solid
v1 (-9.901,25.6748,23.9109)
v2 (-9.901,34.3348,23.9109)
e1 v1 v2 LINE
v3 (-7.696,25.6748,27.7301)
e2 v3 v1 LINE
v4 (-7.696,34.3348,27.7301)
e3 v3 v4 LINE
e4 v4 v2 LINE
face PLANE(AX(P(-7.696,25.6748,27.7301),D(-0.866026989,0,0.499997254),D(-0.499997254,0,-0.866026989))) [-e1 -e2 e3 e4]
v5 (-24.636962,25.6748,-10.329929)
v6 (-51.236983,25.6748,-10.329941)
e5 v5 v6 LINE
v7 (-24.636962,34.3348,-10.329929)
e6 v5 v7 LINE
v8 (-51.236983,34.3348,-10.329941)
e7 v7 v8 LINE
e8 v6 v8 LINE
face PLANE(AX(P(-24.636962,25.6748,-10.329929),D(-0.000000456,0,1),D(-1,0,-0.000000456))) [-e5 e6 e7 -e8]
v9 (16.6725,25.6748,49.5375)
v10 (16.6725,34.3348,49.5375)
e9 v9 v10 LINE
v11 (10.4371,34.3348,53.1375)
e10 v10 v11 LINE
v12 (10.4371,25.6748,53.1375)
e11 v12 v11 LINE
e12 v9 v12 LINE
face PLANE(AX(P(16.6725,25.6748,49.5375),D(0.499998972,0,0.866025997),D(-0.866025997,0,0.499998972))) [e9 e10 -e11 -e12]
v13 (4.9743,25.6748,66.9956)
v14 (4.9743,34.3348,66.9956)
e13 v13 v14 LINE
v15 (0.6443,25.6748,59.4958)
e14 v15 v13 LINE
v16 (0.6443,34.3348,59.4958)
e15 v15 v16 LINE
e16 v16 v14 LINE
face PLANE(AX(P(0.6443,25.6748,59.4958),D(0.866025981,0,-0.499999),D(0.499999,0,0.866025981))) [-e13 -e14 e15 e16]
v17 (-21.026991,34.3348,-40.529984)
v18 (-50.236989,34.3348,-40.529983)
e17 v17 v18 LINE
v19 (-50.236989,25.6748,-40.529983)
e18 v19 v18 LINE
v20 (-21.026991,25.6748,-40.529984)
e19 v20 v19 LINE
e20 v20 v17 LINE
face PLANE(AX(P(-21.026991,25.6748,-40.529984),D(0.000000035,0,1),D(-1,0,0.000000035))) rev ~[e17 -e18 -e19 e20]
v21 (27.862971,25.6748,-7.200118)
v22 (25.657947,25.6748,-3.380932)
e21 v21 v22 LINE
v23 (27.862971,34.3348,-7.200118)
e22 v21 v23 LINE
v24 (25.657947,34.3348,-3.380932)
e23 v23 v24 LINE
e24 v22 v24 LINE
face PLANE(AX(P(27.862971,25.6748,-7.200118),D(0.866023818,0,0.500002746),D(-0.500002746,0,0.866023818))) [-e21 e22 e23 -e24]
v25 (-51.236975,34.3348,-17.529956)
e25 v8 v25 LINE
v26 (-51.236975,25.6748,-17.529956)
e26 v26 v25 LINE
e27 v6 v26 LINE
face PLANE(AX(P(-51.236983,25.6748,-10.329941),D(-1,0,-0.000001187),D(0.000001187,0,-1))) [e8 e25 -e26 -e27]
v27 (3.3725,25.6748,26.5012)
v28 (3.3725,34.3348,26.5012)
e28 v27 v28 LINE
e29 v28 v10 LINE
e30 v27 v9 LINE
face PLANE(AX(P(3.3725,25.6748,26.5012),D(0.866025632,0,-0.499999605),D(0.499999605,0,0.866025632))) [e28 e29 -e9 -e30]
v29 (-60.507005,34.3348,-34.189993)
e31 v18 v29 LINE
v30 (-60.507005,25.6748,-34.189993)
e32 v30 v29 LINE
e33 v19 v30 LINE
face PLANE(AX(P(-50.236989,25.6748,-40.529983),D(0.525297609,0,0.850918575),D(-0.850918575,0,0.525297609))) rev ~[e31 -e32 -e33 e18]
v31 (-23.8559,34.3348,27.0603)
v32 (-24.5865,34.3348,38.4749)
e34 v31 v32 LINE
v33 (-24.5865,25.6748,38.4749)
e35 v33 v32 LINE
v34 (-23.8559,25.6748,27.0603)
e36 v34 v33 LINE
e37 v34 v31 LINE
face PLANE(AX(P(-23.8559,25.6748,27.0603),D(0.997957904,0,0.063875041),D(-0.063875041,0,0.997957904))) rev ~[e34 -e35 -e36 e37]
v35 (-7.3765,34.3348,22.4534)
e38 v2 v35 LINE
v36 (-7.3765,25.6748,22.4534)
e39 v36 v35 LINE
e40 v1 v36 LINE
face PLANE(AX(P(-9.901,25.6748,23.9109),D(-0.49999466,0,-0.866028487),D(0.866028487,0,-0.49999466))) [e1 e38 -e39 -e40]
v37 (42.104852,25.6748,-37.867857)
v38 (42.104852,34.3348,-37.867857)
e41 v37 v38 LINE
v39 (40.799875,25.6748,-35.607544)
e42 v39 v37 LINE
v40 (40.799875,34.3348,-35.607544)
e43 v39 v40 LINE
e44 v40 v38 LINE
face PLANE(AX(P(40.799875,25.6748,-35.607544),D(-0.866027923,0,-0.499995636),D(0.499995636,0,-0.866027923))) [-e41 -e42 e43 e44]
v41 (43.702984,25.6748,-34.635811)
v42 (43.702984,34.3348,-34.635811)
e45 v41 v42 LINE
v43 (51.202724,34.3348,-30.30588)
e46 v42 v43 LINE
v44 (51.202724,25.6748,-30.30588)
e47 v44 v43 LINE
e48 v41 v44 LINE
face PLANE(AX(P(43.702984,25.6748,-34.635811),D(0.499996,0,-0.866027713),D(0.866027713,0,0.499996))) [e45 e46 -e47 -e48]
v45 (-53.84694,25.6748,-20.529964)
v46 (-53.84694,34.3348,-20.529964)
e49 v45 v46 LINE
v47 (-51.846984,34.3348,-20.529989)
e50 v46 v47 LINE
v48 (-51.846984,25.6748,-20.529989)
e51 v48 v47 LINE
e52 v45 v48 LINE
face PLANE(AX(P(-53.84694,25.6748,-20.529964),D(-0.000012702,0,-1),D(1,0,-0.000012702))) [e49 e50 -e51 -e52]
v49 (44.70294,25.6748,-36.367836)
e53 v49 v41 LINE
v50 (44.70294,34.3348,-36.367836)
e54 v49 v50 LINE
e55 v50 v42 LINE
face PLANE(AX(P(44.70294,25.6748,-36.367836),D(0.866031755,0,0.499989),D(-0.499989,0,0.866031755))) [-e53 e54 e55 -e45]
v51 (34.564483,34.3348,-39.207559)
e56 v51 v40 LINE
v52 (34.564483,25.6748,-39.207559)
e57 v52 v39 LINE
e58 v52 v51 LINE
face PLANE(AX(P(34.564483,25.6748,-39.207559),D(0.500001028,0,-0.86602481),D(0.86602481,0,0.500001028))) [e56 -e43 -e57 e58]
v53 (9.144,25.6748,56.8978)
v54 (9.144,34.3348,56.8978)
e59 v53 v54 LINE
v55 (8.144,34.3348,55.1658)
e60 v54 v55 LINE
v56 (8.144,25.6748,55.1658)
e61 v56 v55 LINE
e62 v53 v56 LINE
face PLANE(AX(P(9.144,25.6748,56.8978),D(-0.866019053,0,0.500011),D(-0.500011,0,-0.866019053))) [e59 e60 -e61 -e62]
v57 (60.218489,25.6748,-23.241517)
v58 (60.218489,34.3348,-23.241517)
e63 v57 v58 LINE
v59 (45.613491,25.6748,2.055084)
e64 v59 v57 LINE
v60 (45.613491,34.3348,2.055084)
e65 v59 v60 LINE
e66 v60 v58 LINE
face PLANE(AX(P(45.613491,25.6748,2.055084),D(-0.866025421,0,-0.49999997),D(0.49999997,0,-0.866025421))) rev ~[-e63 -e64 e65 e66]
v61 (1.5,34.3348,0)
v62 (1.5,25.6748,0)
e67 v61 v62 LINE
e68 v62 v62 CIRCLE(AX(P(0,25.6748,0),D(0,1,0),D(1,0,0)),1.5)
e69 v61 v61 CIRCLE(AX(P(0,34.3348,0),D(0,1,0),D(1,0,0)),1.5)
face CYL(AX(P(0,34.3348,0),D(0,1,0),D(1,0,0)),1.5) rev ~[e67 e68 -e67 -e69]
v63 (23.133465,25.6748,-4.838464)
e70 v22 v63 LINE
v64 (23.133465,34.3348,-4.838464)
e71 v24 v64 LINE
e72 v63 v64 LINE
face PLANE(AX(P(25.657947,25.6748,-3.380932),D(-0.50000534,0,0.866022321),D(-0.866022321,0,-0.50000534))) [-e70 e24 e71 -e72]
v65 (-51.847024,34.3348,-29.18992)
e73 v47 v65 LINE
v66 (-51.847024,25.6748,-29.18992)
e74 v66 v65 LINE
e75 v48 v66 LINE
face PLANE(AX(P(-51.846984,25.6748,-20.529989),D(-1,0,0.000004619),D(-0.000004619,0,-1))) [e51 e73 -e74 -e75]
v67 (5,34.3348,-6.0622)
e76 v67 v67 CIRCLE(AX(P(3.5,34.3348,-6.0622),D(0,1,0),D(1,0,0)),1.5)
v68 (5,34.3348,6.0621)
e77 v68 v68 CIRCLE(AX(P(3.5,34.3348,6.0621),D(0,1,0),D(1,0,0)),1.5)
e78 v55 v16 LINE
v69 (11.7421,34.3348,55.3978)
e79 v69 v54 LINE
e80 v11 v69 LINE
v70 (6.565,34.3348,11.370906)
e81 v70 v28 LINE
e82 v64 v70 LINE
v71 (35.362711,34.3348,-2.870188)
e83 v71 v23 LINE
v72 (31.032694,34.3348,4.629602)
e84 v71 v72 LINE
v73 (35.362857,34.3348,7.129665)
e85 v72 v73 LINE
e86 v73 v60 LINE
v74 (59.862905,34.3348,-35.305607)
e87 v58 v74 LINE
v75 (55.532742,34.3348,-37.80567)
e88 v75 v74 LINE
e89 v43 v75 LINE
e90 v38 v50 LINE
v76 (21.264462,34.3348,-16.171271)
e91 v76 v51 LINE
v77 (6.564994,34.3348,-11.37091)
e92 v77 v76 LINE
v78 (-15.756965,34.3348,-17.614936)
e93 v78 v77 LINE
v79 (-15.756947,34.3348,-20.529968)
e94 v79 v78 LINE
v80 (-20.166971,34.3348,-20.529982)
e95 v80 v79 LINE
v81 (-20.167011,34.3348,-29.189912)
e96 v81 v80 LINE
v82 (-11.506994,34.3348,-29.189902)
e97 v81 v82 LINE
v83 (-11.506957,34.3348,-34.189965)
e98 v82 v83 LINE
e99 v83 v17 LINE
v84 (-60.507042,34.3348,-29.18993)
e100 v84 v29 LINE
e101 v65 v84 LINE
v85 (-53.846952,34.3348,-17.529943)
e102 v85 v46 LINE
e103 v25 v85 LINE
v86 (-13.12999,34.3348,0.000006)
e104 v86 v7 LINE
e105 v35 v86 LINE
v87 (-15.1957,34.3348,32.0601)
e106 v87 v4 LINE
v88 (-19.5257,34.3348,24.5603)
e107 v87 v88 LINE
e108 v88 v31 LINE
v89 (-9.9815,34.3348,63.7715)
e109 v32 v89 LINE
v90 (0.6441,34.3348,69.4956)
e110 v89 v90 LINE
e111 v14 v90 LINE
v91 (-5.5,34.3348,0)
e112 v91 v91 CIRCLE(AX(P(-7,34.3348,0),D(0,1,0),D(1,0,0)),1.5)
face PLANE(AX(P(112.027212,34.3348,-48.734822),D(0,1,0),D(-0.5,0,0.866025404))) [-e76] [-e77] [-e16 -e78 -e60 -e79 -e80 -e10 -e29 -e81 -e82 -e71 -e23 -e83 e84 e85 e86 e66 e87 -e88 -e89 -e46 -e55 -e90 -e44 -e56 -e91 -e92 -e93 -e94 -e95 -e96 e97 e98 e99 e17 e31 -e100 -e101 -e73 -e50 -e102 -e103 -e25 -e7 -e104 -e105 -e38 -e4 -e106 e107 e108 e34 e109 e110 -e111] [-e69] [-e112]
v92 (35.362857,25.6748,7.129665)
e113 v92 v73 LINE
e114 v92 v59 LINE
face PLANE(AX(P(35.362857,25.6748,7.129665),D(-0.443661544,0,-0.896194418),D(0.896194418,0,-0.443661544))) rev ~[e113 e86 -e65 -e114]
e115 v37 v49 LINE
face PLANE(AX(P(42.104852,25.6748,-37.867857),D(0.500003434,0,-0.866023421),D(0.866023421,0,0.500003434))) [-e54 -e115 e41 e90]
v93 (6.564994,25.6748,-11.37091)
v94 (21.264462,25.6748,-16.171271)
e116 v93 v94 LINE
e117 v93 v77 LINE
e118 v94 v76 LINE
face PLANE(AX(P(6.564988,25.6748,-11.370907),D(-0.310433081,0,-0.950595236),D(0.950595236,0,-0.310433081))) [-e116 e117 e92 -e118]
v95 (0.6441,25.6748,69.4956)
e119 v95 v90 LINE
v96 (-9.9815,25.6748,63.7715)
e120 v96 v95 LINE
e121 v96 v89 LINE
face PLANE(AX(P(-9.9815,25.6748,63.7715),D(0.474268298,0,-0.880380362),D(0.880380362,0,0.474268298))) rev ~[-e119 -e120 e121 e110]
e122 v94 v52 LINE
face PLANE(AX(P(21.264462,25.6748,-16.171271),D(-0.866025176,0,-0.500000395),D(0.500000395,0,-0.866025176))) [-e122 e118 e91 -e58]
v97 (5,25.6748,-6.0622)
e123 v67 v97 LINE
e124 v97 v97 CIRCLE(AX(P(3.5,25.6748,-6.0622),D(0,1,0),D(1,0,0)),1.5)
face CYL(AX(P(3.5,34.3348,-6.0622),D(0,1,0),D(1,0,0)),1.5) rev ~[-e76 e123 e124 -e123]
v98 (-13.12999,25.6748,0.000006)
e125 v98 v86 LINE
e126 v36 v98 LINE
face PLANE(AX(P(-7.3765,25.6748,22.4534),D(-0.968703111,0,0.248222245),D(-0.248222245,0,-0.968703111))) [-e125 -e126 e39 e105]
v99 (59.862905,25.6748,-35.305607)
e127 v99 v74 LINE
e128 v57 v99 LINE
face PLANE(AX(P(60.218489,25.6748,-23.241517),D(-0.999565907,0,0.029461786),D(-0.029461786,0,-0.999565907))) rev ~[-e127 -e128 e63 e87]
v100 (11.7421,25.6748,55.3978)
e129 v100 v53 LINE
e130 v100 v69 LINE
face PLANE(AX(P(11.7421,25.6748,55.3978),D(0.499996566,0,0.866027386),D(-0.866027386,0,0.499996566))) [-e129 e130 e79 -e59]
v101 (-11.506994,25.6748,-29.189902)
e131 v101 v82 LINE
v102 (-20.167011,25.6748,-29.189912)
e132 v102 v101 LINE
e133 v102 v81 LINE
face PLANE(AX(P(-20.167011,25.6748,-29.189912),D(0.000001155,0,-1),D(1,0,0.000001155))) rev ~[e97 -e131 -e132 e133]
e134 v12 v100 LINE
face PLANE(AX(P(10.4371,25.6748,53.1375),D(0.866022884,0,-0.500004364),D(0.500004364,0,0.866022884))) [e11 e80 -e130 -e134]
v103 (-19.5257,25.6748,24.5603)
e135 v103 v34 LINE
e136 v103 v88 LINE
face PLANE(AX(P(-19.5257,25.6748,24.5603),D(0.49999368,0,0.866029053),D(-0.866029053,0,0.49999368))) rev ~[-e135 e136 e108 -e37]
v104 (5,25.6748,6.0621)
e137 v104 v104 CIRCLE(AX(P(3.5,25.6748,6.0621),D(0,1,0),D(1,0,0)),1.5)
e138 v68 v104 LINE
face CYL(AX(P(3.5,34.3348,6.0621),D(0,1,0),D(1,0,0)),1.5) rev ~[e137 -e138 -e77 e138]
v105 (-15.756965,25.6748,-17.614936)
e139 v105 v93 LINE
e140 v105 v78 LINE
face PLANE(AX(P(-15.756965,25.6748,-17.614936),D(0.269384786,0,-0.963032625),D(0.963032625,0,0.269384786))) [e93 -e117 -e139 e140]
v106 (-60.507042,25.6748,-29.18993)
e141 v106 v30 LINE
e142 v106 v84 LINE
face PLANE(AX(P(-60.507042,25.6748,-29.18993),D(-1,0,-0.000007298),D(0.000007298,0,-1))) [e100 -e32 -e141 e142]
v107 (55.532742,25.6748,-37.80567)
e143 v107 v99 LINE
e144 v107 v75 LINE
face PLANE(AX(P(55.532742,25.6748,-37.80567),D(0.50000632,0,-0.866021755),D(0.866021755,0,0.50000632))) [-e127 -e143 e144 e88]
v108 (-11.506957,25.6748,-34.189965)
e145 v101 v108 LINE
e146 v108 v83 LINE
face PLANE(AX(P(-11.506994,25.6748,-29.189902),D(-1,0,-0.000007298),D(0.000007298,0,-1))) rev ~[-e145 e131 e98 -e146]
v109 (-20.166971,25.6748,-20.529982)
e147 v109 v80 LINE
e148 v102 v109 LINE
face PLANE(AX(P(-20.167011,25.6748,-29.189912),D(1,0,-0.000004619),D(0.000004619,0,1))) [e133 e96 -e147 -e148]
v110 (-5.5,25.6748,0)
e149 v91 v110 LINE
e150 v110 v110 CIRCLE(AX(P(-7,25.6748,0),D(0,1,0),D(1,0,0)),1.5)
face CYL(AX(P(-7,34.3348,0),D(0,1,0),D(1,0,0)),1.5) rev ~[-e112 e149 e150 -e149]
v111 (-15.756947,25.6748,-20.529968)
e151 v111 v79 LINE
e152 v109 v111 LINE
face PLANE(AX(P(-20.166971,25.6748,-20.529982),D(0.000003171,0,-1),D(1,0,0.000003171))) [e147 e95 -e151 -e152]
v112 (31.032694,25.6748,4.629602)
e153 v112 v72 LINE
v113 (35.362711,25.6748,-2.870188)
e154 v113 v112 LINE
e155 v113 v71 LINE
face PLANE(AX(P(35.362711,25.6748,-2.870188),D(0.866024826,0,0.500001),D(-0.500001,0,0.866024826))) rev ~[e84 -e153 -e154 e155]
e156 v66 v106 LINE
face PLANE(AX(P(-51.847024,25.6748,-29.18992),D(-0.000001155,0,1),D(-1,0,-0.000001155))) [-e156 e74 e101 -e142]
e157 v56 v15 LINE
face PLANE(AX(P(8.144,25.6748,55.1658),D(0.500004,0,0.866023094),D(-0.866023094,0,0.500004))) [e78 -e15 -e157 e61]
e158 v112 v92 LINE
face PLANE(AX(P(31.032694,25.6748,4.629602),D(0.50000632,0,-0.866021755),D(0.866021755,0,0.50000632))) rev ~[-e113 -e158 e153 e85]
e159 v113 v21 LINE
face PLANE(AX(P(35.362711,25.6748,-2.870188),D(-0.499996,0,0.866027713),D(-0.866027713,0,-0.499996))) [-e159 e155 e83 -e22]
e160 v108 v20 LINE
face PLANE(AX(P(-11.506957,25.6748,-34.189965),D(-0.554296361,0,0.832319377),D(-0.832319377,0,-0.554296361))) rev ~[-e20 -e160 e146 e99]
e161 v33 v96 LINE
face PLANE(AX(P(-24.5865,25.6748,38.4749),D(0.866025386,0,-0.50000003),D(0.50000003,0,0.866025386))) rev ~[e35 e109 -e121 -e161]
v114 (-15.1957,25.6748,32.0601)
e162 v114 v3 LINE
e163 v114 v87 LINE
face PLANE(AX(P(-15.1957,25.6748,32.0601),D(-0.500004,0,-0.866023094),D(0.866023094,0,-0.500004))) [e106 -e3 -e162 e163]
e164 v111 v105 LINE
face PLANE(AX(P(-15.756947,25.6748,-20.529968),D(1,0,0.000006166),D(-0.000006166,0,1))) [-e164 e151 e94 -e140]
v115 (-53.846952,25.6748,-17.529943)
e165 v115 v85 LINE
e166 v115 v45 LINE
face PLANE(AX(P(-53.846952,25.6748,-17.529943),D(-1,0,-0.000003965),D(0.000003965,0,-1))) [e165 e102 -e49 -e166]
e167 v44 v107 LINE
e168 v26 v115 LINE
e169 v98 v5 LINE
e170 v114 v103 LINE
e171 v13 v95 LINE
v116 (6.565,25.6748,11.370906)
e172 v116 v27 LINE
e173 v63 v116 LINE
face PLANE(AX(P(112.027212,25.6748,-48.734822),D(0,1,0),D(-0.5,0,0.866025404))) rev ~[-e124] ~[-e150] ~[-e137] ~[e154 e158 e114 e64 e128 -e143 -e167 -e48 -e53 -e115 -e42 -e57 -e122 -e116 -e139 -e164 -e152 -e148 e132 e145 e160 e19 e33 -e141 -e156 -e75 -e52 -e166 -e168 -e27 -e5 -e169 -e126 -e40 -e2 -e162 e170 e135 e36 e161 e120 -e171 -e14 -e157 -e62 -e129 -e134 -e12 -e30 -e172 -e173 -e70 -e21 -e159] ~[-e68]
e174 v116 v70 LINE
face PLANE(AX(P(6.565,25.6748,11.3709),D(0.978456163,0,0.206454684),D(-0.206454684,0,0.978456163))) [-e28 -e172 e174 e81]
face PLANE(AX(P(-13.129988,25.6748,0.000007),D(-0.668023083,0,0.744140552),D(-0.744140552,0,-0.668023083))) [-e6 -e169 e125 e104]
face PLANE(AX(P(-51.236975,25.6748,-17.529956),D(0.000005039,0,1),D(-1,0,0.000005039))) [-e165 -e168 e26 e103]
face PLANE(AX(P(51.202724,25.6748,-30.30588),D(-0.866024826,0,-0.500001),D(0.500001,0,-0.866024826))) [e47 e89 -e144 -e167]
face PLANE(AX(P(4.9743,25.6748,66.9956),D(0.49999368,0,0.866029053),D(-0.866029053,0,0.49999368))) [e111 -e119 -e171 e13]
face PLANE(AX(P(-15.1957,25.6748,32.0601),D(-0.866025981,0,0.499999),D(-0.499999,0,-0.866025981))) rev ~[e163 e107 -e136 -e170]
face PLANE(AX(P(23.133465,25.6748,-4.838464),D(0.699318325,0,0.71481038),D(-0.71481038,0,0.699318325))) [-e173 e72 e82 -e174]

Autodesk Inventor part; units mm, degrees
ref_plane "YZ Plane" through (0, 0, 0) normal (1, 0, 0) x (0, 1, 0)
ref_plane "XZ Plane" through (0, 0, 0) normal (0, 1, 0) x (-1, 0, 0)
ref_plane "XY Plane" through (0, 0, 0) normal (0, 0, 1) x (1, 0, 0)
ref_plane "Work Plane3" through (-98.2192, 25.6748, -72.651) normal (0, 1, 0) x (1, 0, 0)
sketch "Sketch1" plane through (-98.2192, 25.6748, -72.651) normal (0, 1, 0) x (1, 0, 0)
  line L0 (108.2722, -112.7231) -> (109.1382, -112.2231) construction
  line L1 (108.6382, -111.3571) -> (109.1382, -112.2231) construction
  line L2 (101.5917, -99.1522) -> (114.8917, -122.1885)
  line L3 (114.8917, -122.1885) -> (108.6563, -125.7885)
  line L4 (108.6563, -125.7885) -> (109.9613, -128.0488)
  line L5 (109.9613, -128.0488) -> (107.3632, -129.5488)
  line L6 (107.3632, -129.5488) -> (106.3632, -127.8168)
  line L7 (106.3632, -127.8168) -> (98.8635, -132.1468)
  line L8 (98.8635, -132.1468) -> (103.1935, -139.6466)
  line L9 (79.4712, -121.2385) -> (82.4842, -126.4571) construction
  line L10 (103.1935, -139.6466) -> (98.8633, -142.1466)
  line L11 (83.0235, -104.7111) -> (90.5232, -100.3811)
  line L12 (90.5232, -100.3811) -> (88.3182, -96.5619)
  line L13 (88.3182, -96.5619) -> (90.8427, -95.1044)
  line L14 (83.0235, -104.7111) -> (78.6935, -97.2113)
  line L15 (73.6327, -111.1259) -> (88.2377, -136.4225)
  line L16 (78.6935, -97.2113) -> (74.3633, -99.7113)
  line L17 (90.8427, -95.1044) -> (85.0892, -72.651)
  line L18 (104.7842, -84.0219) -> (98.2192, -72.651)
  line L19 (98.2192, -72.651) -> (85.0892, -72.651)
  line L20 (88.2377, -136.4225) -> (98.8633, -142.1466)
  line L21 (74.3633, -99.7113) -> (73.6327, -111.1259)
  line L22 (98.2192, -72.651) -> (104.7842, -84.0219)
  line L23 (104.7842, -84.0219) -> (101.5917, -99.1522)
  dimension "d1" = 26.6
  dimension "d4" = 7.2
  dimension "d5" = 2.61
  dimension "d6" = 3
  dimension "d7" = 2
  dimension "d8" = 8.66
  dimension "d9" = 8.66
  dimension "d10" = 5
  dimension "d11" = 8.66
  dimension "d12" = 31.68
  dimension "d13" = 4.41
  dimension "d14" = 2.915
  dimension "d17" = 8.66
  dimension "d18" = 29.21
  dimension "d20" = 10.27
  dimension "d21" = 5
  dimension "d22" = 23.1789
  dimension "d23" = 13.13
  dimension "d31" = 13.13
extrude "Extrusion1" add sketch "Sketch1" along normal blind 8.66
pattern_circular "Circular Pattern2" count 3 over 360 about axis through (0, 25.6748, 0) along (0, 1, 0) of "Extrusion1"
sketch "Sketch2" plane through (-98.2192, 34.3348, -72.651) normal (0, 1, 0) x (1, 0, 0)
  line L0 (46.9822, -62.321) -> (73.5822, -62.321) projected
  line L1 (114.8917, -122.1885) -> (101.5917, -99.1522) projected
  circle A0 centre (98.2192, -72.651) radius 1.5
  line L2 (98.2192, -72.651) -> (104.7842, -84.0219) construction
  line L3 (98.2192, -72.651) -> (85.0892, -72.651) construction
  line L4 (98.2192, -72.651) -> (104.7842, -61.28) construction
  circle A1 centre (98.2192, -72.651) radius 7 construction
  circle A2 centre (101.7192, -78.7131) radius 1.5
  circle A3 centre (101.7192, -66.5888) radius 1.5
  circle A4 centre (91.2192, -72.651) radius 1.5
  dimension "d35" = 3
  dimension "d36" = 14
  dimension "d37" = 3
  dimension "d38" = 3
  dimension "d39" = 3
extrude "Extrusion2" cut sketch "Sketch2" against normal blind 10
